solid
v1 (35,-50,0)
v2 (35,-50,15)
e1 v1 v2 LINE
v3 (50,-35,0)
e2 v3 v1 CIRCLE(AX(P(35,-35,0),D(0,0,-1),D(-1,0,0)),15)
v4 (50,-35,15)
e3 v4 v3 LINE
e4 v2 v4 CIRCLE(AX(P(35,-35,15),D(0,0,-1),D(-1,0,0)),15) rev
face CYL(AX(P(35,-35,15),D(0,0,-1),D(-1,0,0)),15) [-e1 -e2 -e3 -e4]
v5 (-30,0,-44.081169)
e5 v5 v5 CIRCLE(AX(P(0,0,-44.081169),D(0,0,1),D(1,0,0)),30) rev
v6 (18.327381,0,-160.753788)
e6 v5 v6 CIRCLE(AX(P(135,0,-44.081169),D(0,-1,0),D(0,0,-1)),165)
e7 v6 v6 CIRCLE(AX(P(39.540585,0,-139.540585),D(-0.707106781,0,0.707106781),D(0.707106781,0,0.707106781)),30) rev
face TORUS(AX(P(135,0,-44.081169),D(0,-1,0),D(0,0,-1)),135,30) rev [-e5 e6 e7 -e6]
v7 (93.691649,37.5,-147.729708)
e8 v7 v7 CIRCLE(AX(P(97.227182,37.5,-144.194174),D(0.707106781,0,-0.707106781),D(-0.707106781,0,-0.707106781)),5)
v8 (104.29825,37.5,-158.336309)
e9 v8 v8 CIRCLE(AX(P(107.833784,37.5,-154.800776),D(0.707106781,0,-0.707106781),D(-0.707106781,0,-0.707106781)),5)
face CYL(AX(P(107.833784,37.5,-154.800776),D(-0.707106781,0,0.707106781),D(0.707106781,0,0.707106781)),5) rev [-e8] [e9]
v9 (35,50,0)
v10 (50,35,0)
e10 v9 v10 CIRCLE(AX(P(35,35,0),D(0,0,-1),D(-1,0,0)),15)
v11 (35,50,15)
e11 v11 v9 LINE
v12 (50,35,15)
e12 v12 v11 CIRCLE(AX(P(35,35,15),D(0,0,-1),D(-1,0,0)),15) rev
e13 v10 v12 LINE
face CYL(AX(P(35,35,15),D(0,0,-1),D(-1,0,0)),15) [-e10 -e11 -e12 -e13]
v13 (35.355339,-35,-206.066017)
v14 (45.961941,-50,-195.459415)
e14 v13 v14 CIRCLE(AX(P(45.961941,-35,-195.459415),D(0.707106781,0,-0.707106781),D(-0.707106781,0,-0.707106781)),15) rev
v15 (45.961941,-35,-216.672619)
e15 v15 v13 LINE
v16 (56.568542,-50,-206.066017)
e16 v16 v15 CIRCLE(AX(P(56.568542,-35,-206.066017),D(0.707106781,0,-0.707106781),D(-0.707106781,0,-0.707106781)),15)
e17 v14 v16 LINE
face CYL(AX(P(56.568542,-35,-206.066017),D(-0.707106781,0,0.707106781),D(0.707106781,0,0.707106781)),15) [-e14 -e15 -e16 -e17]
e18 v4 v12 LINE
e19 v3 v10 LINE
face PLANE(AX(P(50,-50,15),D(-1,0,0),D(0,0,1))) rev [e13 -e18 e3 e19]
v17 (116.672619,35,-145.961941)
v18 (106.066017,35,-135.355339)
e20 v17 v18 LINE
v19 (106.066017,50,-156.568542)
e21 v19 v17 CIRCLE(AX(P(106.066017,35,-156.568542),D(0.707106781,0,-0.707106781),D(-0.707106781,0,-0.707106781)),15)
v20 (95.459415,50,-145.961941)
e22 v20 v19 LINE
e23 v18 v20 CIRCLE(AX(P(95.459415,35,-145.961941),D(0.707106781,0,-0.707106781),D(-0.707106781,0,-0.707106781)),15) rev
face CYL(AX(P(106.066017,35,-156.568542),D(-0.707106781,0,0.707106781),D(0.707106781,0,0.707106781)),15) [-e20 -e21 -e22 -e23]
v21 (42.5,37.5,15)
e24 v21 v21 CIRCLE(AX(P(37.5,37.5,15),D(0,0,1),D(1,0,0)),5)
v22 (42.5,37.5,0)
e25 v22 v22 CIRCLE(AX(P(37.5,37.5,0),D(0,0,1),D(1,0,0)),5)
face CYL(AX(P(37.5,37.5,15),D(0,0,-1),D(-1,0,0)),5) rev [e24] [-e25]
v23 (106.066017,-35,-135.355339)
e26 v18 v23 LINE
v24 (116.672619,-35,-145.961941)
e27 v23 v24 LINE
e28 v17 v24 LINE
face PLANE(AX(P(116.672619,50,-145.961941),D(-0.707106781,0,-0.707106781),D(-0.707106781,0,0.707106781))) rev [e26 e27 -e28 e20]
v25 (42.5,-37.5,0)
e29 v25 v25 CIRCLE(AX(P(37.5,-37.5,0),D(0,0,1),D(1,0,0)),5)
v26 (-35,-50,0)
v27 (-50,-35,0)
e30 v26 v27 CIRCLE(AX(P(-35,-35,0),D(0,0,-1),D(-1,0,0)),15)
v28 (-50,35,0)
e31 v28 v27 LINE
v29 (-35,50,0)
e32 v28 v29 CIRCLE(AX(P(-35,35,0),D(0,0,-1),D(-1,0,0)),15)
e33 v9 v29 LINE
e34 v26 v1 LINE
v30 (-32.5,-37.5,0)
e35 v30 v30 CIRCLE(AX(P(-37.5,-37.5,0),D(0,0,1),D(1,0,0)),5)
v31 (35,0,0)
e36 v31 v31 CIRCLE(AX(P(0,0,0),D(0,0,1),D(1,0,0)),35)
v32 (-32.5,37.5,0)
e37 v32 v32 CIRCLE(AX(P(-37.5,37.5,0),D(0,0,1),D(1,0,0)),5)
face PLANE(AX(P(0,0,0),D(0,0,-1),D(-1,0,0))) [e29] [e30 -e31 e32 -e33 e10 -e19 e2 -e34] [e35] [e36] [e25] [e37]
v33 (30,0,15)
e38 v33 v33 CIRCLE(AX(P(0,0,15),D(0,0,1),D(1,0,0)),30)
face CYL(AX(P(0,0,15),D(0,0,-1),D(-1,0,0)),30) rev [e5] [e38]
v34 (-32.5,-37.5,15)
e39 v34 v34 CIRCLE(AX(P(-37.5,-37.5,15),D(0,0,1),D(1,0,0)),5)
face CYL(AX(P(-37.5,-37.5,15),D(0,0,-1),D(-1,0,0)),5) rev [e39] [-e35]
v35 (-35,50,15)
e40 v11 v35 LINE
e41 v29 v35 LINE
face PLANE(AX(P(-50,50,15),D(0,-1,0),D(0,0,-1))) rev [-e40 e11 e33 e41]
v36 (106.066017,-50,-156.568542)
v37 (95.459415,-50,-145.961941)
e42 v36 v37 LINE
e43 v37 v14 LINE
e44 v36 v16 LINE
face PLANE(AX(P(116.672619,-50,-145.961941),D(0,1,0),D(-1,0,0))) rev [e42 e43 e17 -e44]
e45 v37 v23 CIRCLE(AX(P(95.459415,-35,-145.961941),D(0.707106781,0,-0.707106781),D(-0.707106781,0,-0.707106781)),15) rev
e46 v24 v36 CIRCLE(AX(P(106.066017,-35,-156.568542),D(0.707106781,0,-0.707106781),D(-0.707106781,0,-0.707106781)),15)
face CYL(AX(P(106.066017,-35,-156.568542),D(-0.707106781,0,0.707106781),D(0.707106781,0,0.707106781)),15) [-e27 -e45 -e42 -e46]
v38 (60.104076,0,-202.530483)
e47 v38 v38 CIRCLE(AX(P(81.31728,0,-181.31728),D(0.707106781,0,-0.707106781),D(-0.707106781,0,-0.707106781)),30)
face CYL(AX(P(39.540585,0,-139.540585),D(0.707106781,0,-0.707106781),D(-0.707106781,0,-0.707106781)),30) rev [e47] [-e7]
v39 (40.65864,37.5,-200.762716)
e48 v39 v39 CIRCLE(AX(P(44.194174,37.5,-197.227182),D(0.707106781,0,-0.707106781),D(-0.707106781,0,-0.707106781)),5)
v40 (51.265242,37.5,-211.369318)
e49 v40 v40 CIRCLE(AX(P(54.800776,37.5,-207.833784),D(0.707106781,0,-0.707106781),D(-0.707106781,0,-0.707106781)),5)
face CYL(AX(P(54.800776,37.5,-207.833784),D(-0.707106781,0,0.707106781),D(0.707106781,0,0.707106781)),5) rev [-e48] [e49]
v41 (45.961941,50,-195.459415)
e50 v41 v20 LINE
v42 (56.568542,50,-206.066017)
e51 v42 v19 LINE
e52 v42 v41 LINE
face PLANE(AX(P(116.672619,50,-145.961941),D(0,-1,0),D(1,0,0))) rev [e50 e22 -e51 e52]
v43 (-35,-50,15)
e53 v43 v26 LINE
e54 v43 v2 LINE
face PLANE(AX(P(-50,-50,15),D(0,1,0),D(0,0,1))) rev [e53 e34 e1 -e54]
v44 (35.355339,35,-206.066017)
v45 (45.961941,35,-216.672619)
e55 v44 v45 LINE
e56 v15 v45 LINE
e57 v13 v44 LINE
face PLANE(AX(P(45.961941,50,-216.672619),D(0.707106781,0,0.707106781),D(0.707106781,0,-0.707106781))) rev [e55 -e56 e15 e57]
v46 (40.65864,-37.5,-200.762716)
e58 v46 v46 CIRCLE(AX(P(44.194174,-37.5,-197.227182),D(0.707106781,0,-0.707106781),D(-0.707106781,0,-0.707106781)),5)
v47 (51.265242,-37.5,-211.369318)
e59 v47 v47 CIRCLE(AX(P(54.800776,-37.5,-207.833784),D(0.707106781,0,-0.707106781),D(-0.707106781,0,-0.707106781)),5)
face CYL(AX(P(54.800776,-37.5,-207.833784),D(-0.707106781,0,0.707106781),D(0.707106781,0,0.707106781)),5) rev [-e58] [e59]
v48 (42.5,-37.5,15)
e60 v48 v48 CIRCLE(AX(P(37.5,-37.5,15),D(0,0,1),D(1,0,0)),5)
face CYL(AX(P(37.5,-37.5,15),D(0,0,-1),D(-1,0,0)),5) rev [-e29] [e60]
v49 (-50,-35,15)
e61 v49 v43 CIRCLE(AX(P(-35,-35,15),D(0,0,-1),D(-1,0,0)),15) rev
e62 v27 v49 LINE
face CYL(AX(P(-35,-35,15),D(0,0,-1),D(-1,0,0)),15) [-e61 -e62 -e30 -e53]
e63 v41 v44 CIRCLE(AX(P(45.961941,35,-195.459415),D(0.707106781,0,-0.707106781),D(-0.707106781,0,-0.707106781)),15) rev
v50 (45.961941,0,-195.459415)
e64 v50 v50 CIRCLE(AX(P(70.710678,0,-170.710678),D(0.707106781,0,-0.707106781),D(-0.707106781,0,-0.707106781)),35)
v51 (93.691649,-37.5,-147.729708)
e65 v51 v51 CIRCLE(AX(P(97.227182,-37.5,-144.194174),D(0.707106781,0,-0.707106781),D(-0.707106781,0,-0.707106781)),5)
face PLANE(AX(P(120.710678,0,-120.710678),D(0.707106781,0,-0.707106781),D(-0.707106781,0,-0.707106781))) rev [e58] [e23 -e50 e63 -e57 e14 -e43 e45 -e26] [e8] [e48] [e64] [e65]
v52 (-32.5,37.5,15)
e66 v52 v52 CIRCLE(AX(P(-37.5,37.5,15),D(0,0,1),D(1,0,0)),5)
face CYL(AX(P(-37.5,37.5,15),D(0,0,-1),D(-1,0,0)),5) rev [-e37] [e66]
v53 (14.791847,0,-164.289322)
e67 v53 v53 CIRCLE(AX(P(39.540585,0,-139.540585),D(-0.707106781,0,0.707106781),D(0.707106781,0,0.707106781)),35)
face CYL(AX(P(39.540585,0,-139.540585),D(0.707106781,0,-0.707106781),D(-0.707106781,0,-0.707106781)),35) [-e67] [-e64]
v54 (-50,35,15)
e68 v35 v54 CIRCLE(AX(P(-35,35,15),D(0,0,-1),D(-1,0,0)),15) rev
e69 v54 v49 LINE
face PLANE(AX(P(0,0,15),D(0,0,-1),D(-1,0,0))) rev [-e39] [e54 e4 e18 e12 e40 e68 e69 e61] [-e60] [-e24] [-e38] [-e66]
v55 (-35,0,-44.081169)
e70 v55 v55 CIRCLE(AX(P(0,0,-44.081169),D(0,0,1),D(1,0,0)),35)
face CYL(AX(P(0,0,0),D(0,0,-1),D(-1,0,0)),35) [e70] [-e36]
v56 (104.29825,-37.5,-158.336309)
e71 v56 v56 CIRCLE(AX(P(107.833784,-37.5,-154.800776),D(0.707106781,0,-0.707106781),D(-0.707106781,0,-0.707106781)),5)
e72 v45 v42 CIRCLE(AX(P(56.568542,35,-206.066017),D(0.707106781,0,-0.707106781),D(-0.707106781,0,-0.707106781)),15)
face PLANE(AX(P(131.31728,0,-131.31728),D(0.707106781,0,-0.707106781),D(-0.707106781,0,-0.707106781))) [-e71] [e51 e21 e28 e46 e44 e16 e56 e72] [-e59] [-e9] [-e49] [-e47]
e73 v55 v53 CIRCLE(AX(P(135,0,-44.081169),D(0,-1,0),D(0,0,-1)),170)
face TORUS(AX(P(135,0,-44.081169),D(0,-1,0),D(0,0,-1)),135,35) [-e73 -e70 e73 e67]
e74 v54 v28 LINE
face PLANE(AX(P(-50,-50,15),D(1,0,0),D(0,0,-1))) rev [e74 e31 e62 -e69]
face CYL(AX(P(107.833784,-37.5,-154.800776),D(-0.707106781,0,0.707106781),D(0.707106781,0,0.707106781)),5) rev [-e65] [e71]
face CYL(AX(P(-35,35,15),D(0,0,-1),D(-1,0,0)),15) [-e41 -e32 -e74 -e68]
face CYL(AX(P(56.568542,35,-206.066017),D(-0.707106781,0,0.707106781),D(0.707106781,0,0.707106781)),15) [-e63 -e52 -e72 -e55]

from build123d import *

# Parameters (mm, degrees)
CROQUIS1_W              = 100
CROQUIS1_H              = 100
SALIENTE_EXTRUIR1_DEPTH = 15
CROQUIS2_R              = 30
CROQUIS2_R_2            = 5
CORTAR_EXTRUIR1_DEPTH   = 15
CROQUIS9_R              = 35
CROQUIS9_R_2            = 30
CROQUIS12_W             = 100
CROQUIS12_H             = 100
SALIENTE_EXTRUIR2_DEPTH = 15
CORTAR_EXTRUIR2_START   = 15
CROQUIS13_R             = 30
CROQUIS13_R_2           = 5
CORTAR_EXTRUIR2_DEPTH   = 15
REDONDEO1_R             = 15


with BuildPart() as part:
    # Croquis1 → Saliente-Extruir1 (new body)
    with BuildSketch(Plane.XY):
        Rectangle(CROQUIS1_W, CROQUIS1_H)
    extrude(amount=SALIENTE_EXTRUIR1_DEPTH)

    # Croquis2 → Cortar-Extruir1 (cut)
    with BuildSketch(Plane.XY):
        Circle(CROQUIS2_R)
        with Locations((-37.5, 37.5)):
            Circle(CROQUIS2_R_2)
        with Locations((37.5, 37.5)):
            Circle(CROQUIS2_R_2)
        with Locations((37.5, -37.5)):
            Circle(CROQUIS2_R_2)
        with Locations((-37.5, -37.5)):
            Circle(CROQUIS2_R_2)
    extrude(amount=CORTAR_EXTRUIR1_DEPTH, mode=Mode.SUBTRACT)

    # Barrer1: sweep along a path in Croquis3
    with BuildLine(Plane(origin=(0, 0, 0), x_dir=(1, 0, 0), z_dir=(0, 1, 0))) as barrer1_path:
        Line((0, 0), (0, 44.08116908))
        ThreePointArc((0, 44.08116908), (10.276263111, 95.743432449), (39.54058454, 139.54058454))
        Line((39.54058454, 139.54058454), (70.710678119, 170.710678119))
    # Croquis9 → Barrer1 (sweep)
    with BuildSketch(Plane.XY):
        Circle(CROQUIS9_R)
        Circle(CROQUIS9_R_2, mode=Mode.SUBTRACT)
    sweep(path=barrer1_path.line)

    # Croquis12 → Saliente-Extruir2 (add)
    with BuildSketch(Plane(origin=(120.710678119, 0, -120.710678119), x_dir=(-0.7071067811865462, 0, -0.7071067811865489), z_dir=(0.7071067811865489, 0, -0.7071067811865462))):
        with Locations((70.710678119, 0)):
            Rectangle(CROQUIS12_W, CROQUIS12_H)
    extrude(amount=SALIENTE_EXTRUIR2_DEPTH)

    # Croquis13 → Cortar-Extruir2 (cut)
    with BuildSketch(Plane(origin=(120.710678119, 0, -120.710678119), x_dir=(-0.7071067811865462, 0, -0.7071067811865489), z_dir=(0.7071067811865489, 0, -0.7071067811865462)).offset(CORTAR_EXTRUIR2_START)):
        with Locations((70.710678119, 0)):
            Circle(CROQUIS13_R)
        with Locations((108.210678119, 37.5)):
            Circle(CROQUIS13_R_2)
        with Locations((108.210678119, -37.5)):
            Circle(CROQUIS13_R_2)
        with Locations((33.210678119, -37.5)):
            Circle(CROQUIS13_R_2)
        with Locations((33.210678119, 37.5)):
            Circle(CROQUIS13_R_2)
    extrude(amount=-CORTAR_EXTRUIR2_DEPTH, mode=Mode.SUBTRACT)

    # Redondeo1
    redondeo1_edges = [part.edges().sort_by_distance(p)[0] for p in [
        (40.658639918, -50, -211.369318037),
        (40.658639918, 50, -211.369318037),
        (111.369318037, 50, -140.658639918),
        (111.369318037, -50, -140.658639918),
        (50, -50, 7.5),
        (-50, -50, 7.5),
        (-50, 50, 7.5),
        (50, 50, 7.5),
    ]]
    fillet(redondeo1_edges, radius=REDONDEO1_R)


solid = part.part
